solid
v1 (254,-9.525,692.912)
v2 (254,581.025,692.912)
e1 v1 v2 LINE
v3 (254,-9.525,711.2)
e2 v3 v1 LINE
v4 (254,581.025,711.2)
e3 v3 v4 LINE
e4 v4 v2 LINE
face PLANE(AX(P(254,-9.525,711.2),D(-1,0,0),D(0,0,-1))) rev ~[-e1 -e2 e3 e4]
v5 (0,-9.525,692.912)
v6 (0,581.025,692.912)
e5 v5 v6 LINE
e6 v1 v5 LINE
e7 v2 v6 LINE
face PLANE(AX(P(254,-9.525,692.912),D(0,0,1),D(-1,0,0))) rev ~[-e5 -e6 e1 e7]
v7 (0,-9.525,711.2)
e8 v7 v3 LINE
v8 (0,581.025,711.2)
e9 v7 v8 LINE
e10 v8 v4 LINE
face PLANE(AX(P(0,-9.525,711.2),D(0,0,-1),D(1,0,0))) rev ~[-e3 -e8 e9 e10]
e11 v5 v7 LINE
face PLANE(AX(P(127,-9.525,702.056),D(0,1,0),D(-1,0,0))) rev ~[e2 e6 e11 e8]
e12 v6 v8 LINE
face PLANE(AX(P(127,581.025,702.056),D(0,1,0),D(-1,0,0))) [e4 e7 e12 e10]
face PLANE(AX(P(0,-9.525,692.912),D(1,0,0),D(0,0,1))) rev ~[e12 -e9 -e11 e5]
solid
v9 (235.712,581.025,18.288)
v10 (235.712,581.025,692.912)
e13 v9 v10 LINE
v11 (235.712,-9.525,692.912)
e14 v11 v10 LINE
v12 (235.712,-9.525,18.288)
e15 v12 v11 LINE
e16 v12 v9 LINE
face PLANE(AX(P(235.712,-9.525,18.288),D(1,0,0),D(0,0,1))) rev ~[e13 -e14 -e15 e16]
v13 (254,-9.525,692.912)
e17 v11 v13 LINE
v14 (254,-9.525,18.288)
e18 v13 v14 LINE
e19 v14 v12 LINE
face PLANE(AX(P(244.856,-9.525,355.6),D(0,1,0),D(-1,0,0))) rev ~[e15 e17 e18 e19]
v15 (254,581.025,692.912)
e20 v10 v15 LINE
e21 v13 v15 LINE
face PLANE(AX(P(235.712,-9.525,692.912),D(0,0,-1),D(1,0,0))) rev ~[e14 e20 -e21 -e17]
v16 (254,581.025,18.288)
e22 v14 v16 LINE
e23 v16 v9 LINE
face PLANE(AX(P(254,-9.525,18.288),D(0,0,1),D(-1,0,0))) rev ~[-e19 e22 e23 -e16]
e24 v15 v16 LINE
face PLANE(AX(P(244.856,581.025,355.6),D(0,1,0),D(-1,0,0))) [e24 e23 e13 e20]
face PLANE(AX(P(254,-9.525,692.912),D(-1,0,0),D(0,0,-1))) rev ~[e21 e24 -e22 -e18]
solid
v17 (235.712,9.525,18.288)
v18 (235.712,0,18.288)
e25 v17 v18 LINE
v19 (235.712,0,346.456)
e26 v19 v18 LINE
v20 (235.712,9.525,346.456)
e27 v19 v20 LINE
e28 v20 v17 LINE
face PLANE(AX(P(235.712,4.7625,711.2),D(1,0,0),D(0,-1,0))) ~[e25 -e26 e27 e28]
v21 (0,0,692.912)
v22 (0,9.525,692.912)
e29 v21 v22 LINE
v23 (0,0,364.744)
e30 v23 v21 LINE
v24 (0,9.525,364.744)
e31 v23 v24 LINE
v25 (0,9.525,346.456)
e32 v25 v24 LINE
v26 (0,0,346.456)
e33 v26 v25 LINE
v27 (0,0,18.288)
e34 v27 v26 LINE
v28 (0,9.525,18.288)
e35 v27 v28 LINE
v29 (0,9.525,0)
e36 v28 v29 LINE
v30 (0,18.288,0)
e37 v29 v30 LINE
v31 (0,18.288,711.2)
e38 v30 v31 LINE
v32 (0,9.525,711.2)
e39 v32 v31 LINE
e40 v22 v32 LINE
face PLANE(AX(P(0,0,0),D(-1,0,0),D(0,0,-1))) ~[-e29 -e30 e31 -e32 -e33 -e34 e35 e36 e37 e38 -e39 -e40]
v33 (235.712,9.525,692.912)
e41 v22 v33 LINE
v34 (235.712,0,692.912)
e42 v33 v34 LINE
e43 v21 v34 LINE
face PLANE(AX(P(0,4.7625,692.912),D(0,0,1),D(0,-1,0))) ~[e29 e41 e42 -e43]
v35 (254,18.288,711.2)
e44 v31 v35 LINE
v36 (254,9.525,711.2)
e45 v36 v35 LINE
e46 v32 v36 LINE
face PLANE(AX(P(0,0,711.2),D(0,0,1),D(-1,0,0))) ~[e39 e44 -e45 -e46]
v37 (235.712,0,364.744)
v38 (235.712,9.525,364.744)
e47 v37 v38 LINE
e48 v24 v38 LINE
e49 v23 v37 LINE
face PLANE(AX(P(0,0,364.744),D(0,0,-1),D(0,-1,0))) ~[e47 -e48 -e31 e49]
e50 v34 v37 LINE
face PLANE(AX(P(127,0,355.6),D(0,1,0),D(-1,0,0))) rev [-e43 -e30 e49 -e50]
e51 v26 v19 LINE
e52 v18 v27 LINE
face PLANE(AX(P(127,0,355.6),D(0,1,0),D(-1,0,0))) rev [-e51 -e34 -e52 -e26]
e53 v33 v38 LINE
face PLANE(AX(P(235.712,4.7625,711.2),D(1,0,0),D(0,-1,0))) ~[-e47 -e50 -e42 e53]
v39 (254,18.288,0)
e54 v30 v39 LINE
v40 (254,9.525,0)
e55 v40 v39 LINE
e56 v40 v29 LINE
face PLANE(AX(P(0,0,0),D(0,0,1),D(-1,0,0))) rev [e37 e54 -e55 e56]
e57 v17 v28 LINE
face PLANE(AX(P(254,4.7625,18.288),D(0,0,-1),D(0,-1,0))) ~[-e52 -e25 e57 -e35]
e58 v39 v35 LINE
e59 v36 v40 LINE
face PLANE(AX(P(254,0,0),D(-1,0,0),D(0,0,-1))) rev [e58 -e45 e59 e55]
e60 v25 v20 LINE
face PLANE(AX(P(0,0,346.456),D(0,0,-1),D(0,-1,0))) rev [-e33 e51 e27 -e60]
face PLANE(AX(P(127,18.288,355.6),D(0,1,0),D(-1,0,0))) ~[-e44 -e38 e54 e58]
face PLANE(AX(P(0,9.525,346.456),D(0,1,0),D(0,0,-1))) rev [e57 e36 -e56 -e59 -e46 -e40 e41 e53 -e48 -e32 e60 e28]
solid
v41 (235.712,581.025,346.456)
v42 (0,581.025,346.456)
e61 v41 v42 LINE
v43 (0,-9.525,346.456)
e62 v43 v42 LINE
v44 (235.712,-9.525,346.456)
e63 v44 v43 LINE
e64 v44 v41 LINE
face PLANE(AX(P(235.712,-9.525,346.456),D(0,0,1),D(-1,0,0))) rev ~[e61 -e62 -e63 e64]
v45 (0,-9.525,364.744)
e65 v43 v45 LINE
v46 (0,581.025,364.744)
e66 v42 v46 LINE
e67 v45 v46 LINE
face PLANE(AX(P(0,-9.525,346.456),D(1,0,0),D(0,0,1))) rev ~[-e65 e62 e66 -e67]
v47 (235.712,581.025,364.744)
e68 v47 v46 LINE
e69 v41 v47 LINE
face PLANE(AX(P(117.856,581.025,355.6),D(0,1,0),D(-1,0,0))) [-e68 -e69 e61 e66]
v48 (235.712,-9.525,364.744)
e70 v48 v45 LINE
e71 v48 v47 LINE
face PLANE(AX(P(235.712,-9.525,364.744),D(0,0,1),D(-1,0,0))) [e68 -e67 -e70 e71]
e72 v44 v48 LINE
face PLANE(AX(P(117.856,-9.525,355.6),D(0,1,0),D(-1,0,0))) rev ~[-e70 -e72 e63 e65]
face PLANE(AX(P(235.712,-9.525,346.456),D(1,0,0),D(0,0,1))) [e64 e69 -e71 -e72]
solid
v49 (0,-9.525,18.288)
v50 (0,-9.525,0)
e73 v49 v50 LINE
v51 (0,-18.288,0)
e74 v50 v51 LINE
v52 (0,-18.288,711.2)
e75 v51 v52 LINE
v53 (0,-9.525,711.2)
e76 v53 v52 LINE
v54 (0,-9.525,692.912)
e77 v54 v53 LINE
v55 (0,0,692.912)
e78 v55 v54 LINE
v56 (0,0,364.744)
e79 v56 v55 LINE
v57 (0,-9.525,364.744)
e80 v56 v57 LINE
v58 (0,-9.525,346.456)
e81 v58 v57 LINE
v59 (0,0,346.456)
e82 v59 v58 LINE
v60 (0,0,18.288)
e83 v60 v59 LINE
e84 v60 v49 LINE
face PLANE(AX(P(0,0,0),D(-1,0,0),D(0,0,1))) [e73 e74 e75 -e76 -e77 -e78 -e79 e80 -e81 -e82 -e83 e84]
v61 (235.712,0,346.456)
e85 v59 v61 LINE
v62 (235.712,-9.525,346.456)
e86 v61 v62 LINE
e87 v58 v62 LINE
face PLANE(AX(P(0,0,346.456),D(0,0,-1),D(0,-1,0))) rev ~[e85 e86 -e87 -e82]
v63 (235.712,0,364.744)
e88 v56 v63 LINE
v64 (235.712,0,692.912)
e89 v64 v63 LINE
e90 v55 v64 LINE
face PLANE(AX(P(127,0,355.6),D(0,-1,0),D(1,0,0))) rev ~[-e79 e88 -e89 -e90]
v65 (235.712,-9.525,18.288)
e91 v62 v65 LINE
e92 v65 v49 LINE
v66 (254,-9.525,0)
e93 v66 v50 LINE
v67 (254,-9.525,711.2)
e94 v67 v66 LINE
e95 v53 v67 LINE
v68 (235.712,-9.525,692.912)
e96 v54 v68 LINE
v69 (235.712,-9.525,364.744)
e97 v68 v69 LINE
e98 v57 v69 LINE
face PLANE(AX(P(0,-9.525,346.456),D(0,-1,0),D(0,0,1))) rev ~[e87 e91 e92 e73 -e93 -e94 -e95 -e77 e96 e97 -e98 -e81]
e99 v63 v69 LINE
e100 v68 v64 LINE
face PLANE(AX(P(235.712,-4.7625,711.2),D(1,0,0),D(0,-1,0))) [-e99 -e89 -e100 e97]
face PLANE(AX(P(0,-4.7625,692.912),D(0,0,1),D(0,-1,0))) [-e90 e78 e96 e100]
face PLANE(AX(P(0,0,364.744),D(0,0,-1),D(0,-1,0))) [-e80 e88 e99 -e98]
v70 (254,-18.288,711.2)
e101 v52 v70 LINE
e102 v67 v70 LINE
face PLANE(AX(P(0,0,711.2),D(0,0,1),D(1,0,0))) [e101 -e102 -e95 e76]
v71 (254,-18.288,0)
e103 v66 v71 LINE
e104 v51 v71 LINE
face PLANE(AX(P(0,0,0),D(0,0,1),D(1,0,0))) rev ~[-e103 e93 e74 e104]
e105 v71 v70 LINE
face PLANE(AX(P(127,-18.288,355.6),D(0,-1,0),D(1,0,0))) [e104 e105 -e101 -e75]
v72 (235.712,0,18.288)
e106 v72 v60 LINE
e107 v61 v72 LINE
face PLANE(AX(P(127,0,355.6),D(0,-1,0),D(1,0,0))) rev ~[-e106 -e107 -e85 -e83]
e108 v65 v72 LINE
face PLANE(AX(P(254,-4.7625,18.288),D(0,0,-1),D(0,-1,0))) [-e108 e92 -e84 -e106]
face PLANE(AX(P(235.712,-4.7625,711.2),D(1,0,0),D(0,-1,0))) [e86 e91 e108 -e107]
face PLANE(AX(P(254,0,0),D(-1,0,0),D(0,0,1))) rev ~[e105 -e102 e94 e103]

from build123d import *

# Parameters (mm, degrees)
F0_W      = 254
F0_H      = 711.2
F1_DEPTH  = 18.288
F2_W      = 9.525
F2_H      = 18.288
F4_W      = 9.525
F4_H      = 18.288
F5_DEPTH  = 235.712
F7_DEPTH  = 590.55
F9_DEPTH  = 590.55
F10_W     = 235.712
F10_H     = 18.288
F11_DEPTH = 590.55


with BuildPart() as f1:
    # F0 (on Front) → F1 (new body)
    with BuildSketch(Plane.XZ):
        with Locations((127, 355.6)):
            Rectangle(F0_W, F0_H)
    extrude(amount=F1_DEPTH)

    # F3: sweep along a path in F3_path
    with BuildLine(Plane(origin=(0, 0, 711.2), x_dir=(0, 0, 1), z_dir=(0, -1, 0))) as f3_path:
        Line((0, 0), (0, -254))
        Line((0, -254), (-711.2, -254))
        Line((-711.2, -254), (-711.2, 0))
    # F2 (on face) → F3 (sweep, cut)
    with BuildSketch(Plane(origin=(0, 0, 0), x_dir=(0, -1, 0), z_dir=(-1, 0, 0))):
        with Locations((4.7625, 702.056)):
            Rectangle(F2_W, F2_H)
    sweep(path=f3_path.line, transition=Transition.RIGHT, mode=Mode.SUBTRACT)

    # F4 (on face) → F5 (cut, through all)
    with BuildSketch(Plane(origin=(0, 0, 0), x_dir=(0, -1, 0), z_dir=(-1, 0, 0))):
        with Locations((4.7625, 355.6)):
            Rectangle(F4_W, F4_H)
    extrude(amount=-F5_DEPTH, mode=Mode.SUBTRACT)


with BuildPart() as f7:
    # F6 (on face) → F7 (new body)
    with BuildSketch(Plane(origin=(0, -9.525, 0), x_dir=(-1, 0, 0), z_dir=(0, 1, 0))):
        Polygon((0, 692.912), (0, 711.2), (-254, 711.2), (-254, 692.912), (-235.712, 692.912), align=None)
    extrude(amount=F7_DEPTH)


with BuildPart() as f9:
    # F8 (on face) → F9 (new body, through all)
    with BuildSketch(Plane(origin=(0, -9.525, 0), x_dir=(-1, 0, 0), z_dir=(0, 1, 0))):
        Polygon((-235.712, 364.744), (-235.712, 692.912), (-254, 692.912), (-254, 18.288), (-235.712, 18.288), (-235.712, 346.456), align=None)
    extrude(amount=F9_DEPTH)


with BuildPart() as f11:
    # F10 (on face) → F11 (new body, through all)
    with BuildSketch(Plane(origin=(0, -9.525, 0), x_dir=(-1, 0, 0), z_dir=(0, 1, 0))):
        with Locations((-117.856, 355.6)):
            Rectangle(F10_W, F10_H)
    extrude(amount=F11_DEPTH)


with BuildPart() as f12_1:
    # F12: instance of F1
    add(f1.part.mirror(Plane.XZ))


solid = Compound([f1.part, f7.part, f9.part, f11.part, f12_1.part])
